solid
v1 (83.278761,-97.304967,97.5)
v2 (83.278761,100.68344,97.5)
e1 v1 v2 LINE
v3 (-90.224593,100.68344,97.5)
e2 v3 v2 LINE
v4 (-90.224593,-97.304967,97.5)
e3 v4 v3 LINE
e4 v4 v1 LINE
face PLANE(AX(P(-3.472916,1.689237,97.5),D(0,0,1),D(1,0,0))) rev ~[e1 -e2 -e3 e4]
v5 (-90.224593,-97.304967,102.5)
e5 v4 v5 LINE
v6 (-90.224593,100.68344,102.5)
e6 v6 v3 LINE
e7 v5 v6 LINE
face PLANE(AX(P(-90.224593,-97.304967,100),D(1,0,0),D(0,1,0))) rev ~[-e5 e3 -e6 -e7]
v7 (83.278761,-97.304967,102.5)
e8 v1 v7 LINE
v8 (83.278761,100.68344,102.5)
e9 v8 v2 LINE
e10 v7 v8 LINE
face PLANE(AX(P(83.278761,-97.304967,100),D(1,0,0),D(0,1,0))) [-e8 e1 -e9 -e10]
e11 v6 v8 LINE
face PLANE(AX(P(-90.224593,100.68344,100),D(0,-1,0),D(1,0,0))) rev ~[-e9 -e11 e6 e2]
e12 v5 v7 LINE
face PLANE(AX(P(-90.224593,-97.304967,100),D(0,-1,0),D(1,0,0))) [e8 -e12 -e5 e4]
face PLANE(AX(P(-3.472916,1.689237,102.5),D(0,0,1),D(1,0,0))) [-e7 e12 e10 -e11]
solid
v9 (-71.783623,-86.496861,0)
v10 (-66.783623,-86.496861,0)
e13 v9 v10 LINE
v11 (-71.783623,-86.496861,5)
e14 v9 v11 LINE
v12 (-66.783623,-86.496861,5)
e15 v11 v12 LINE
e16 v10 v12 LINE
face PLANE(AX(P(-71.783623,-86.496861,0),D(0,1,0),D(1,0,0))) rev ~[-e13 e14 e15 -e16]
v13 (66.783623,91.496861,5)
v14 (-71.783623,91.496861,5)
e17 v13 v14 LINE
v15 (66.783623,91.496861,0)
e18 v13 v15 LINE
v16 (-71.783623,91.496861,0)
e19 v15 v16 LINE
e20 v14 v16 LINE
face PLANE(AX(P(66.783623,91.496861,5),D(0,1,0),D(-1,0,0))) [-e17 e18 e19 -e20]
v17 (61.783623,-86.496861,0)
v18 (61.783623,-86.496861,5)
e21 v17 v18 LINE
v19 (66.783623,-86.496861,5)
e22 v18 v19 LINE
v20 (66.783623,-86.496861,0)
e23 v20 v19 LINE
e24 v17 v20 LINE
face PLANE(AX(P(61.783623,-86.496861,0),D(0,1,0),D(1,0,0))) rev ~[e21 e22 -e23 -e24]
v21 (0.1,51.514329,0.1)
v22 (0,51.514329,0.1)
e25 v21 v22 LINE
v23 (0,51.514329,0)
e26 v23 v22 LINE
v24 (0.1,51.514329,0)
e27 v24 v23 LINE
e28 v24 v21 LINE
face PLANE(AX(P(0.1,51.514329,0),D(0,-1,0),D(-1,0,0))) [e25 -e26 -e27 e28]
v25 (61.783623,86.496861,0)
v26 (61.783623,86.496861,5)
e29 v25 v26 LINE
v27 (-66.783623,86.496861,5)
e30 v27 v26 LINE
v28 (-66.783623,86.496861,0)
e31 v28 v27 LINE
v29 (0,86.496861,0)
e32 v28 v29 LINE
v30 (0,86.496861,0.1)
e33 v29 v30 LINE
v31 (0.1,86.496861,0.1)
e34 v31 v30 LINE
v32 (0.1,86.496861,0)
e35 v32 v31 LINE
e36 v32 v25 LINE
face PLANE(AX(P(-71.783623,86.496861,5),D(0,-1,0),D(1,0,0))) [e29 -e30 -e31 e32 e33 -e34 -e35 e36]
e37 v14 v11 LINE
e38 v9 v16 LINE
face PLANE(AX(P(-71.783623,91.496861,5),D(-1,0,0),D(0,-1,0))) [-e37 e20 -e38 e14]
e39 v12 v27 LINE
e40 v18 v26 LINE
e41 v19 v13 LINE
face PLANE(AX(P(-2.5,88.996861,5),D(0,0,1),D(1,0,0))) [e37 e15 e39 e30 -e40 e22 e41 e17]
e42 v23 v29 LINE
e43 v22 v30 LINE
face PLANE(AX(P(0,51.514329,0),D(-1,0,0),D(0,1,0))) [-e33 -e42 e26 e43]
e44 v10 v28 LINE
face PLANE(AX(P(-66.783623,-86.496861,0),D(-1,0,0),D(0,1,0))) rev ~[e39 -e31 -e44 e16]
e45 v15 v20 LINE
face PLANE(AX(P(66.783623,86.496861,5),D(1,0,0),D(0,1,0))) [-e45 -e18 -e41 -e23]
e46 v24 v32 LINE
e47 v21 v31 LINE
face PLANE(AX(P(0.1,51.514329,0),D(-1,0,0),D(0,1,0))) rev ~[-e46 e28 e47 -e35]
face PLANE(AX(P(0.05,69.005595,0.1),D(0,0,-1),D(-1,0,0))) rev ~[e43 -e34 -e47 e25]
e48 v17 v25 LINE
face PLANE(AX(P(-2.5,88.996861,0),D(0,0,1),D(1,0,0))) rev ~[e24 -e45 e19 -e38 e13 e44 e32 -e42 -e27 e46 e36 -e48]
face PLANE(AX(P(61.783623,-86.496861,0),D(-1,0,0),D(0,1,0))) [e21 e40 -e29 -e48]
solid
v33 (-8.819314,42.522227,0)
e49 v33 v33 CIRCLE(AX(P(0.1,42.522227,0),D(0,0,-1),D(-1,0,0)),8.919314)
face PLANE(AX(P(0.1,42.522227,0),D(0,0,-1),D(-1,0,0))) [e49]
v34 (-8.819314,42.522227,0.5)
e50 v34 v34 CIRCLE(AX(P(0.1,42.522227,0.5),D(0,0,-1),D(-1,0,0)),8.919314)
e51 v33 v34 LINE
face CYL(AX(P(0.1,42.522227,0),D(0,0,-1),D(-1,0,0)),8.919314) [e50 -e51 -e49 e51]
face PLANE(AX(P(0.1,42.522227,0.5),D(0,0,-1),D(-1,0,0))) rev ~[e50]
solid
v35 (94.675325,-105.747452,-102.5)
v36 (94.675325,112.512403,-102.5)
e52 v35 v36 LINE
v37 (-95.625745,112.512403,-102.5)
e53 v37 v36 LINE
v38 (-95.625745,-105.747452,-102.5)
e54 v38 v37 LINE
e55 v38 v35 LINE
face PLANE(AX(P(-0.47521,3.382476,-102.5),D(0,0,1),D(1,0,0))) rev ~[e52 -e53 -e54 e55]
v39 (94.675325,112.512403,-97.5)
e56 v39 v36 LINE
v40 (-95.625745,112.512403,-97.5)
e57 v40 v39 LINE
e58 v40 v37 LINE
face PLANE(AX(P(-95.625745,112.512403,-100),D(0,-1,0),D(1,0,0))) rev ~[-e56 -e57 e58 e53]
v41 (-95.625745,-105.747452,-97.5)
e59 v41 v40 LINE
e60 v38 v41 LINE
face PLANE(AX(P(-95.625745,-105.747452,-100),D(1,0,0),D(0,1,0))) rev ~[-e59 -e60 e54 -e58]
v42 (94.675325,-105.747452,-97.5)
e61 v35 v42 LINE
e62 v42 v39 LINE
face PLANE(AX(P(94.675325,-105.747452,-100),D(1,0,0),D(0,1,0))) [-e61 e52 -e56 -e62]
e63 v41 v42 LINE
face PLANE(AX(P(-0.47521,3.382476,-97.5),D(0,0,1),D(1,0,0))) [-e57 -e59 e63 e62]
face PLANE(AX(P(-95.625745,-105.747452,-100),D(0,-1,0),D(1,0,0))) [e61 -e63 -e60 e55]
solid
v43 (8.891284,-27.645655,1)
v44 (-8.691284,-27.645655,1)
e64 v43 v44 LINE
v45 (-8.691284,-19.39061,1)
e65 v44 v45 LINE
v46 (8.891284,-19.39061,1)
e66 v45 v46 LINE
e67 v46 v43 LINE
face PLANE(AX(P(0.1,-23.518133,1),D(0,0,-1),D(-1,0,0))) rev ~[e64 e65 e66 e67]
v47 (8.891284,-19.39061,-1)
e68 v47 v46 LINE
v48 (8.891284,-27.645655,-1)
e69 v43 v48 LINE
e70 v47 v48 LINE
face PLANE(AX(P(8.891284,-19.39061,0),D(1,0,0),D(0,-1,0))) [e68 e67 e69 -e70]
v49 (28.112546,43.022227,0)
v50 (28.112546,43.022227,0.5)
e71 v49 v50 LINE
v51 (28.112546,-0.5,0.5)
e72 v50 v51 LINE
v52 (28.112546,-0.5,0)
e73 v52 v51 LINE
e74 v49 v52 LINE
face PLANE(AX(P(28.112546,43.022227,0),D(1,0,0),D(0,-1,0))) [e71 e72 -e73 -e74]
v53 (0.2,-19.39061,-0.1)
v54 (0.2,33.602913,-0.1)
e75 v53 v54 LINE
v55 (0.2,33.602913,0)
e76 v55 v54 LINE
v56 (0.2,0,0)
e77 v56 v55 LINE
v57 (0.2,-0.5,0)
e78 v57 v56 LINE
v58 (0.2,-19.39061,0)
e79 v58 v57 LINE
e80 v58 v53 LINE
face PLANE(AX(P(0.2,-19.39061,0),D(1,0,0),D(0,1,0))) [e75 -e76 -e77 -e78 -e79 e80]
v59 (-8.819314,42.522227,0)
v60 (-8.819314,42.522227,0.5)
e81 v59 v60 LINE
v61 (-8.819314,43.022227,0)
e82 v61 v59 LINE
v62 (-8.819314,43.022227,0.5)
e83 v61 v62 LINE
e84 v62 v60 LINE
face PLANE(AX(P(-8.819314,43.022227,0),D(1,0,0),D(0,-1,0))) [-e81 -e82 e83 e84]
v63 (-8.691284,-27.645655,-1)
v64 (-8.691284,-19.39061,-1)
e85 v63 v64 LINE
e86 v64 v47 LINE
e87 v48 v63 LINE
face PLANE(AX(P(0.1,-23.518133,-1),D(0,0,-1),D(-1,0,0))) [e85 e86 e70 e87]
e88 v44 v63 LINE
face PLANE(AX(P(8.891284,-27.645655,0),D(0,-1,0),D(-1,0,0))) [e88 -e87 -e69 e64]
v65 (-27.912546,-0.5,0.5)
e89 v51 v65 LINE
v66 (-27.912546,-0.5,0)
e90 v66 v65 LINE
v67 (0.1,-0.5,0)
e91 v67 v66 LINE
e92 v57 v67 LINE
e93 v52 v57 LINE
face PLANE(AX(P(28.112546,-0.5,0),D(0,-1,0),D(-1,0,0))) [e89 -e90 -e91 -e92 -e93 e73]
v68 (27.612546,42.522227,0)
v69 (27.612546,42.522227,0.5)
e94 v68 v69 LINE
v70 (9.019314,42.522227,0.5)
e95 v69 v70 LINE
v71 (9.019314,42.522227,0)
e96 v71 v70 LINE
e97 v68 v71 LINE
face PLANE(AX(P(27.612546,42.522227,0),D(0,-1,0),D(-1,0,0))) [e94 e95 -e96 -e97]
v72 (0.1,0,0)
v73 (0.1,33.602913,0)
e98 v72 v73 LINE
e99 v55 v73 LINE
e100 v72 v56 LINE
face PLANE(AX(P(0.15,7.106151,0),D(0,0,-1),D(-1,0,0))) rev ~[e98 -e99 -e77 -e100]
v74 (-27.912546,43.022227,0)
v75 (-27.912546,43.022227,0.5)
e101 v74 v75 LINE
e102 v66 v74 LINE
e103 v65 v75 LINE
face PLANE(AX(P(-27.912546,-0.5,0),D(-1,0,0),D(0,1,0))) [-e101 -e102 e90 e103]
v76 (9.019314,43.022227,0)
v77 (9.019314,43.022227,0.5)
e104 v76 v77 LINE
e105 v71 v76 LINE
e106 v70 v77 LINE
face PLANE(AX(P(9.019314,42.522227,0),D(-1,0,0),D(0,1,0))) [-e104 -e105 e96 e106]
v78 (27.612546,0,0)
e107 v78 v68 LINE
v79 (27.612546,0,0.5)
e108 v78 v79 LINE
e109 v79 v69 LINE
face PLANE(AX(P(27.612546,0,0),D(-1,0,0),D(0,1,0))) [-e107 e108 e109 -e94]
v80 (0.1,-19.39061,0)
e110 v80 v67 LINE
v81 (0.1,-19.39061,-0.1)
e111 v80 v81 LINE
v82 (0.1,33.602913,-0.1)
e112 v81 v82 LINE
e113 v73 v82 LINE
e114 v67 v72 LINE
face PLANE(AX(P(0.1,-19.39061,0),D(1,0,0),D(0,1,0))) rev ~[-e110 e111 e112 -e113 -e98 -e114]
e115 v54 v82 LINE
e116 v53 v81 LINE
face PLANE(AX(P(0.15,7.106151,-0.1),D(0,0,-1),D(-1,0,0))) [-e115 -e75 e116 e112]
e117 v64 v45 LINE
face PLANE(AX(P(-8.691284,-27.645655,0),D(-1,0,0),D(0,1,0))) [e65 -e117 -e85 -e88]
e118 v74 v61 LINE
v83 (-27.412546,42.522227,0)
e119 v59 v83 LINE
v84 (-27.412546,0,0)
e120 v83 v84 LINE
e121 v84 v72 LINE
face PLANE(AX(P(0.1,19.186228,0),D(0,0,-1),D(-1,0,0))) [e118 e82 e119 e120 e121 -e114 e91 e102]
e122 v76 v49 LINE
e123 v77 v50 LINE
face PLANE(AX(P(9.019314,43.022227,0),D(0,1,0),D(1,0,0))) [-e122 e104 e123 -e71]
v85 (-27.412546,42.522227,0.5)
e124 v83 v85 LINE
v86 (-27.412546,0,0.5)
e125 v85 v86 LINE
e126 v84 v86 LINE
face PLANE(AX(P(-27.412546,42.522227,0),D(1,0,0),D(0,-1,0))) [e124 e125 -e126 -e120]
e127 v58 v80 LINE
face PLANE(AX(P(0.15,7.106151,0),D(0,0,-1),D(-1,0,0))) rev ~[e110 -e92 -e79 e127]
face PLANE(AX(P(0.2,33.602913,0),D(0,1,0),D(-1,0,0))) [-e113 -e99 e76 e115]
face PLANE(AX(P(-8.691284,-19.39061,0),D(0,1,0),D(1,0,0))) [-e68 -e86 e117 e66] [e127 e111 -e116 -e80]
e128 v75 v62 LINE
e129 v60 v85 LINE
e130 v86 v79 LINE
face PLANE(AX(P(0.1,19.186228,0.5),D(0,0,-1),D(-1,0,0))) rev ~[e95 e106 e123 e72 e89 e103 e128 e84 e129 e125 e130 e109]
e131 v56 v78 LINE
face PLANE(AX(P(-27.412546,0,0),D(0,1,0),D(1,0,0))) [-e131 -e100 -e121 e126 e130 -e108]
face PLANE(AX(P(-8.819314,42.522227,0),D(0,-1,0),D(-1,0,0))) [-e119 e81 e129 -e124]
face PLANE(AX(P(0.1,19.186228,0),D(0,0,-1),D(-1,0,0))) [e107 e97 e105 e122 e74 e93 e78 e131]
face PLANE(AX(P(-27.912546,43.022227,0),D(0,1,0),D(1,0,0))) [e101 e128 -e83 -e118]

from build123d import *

# Parameters (mm, degrees)
SKETCH_1_W        = 5
SKETCH_1_H        = 172.993722334
EXTRUDE_1_DEPTH   = 5
EXTRUDE_1_2_DEPTH = 5
EXTRUDE_2_DEPTH   = 5
SKETCH_3_W        = 0.1
SKETCH_3_H        = 34.98253205
EXTRUDE_3_DEPTH   = 0.1
SKETCH_5_R        = 8.919313786
EXTRUDE_1_3_DEPTH = 0.5
EXTRUDE_4_DEPTH   = 0.5
SKETCH_7_W        = 0.1
SKETCH_7_H        = 52.993522993
EXTRUDE_6_DEPTH   = 0.1
EXTRUDE_3_2_DEPTH = 1
SKETCH_9_W        = 173.503354497
SKETCH_9_H        = 197.988407328
EXTRUDE_4_2_DEPTH = 2.5
SKETCH_11_W       = 190.301069936
SKETCH_11_H       = 218.259854491
EXTRUDE_5_DEPTH   = 2.5


with BuildPart() as part:
    # 草图1 → Extrude 1 (new body)
    with BuildSketch(Plane.XY):
        with Locations((-69.283623041, 0)):
            Rectangle(SKETCH_1_W, SKETCH_1_H)
    extrude(amount=EXTRUDE_1_DEPTH)



with BuildPart() as body_2:
    # 草图1 → Extrude 1 2 (new body)
    with BuildSketch(Plane.XY):
        with Locations((64.283623041, 0)):
            Rectangle(SKETCH_1_W, SKETCH_1_H)
    extrude(amount=EXTRUDE_1_2_DEPTH)


with BuildPart() as part_1:
    add(part.part)

    add(body_2.part)  # 拉伸-薄壁2 merges body 2
    # 草图2 → 拉伸-薄壁2 (add)
    with BuildSketch(Plane.XY.offset(5)):
        Polygon((-71.783623041, 86.496861167), (-69.283623041, 86.496861167), (64.283623041, 86.496861167), (66.783623041, 86.496861167), (66.783623041, 91.496861167), (64.283623041, 91.496861167), (-69.283623041, 91.496861167), (-71.783623041, 91.496861167), align=None)
    extrude(amount=-EXTRUDE_2_DEPTH)

    # 草图3 → Extrude 3 (add)
    with BuildSketch(Plane(origin=(0, 0, 0), x_dir=(-1, 0, 0), z_dir=(0, 0, -1))):
        with Locations((-0.05, 69.005595142)):
            Rectangle(SKETCH_3_W, SKETCH_3_H)
    extrude(amount=-EXTRUDE_3_DEPTH)


with BuildPart() as body_2_2:
    # 草图5 → Extrude 1 3 (new body)
    with BuildSketch(Plane(origin=(0, 0, 0), x_dir=(-1, 0, 0), z_dir=(0, 0, -1))):
        with Locations((-0.1, 42.522226632)):
            Circle(SKETCH_5_R)
    extrude(amount=-EXTRUDE_1_3_DEPTH)


with BuildPart() as body_3:
    # 草图6 → Extrude 4 (new body)
    with BuildSketch(Plane(origin=(0, 0, 0), x_dir=(-1, 0, 0), z_dir=(0, 0, -1))):
        Polygon((8.819313786, 42.522226632), (27.412546228, 42.522226632), (27.412546228, 0), (-27.612546228, 0), (-27.612546228, 42.522226632), (-9.019313786, 42.522226632), (-9.019313786, 43.022226632), (-28.112546228, 43.022226632), (-28.112546228, -0.5), (27.912546228, -0.5), (27.912546228, 43.022226632), (8.819313786, 43.022226632), align=None)
    extrude(amount=-EXTRUDE_4_DEPTH)

    # 草图7 → 拉伸-薄壁6 (add)
    with BuildSketch(Plane(origin=(0, 0, 0), x_dir=(-1, 0, 0), z_dir=(0, 0, -1))):
        with Locations((-0.15, 7.10615135)):
            Rectangle(SKETCH_7_W, SKETCH_7_H)
    extrude(amount=EXTRUDE_6_DEPTH)

    # 草图8 → Extrude 3 2 (add, symmetric)
    with BuildSketch(Plane(origin=(0, 0, 0), x_dir=(-1, 0, 0), z_dir=(0, 0, -1))):
        Polygon((0, -19.390610147), (-0.2, -19.390610147), (-8.891283678, -19.390610147), (-8.891283678, -27.645655051), (8.691283678, -27.645655051), (8.691283678, -19.390610147), align=None)
    extrude(amount=EXTRUDE_3_2_DEPTH, both=True)


with BuildPart() as body_4:
    # 草图9 → Extrude 4 2 (new, symmetric)
    with BuildSketch(Plane.XY.offset(100)):
        with Locations((-3.472916007, 1.689236661)):
            Rectangle(SKETCH_9_W, SKETCH_9_H)
    extrude(amount=EXTRUDE_4_2_DEPTH, both=True)


with BuildPart() as body_5:
    # 草图11 → 凸台-拉伸5 (new, symmetric)
    with BuildSketch(Plane.XY.offset(-100)):
        with Locations((-0.475210299, 3.382475522)):
            Rectangle(SKETCH_11_W, SKETCH_11_H)
    extrude(amount=EXTRUDE_5_DEPTH, both=True)


solid = Compound([part_1.part, body_2_2.part, body_3.part, body_4.part, body_5.part])
